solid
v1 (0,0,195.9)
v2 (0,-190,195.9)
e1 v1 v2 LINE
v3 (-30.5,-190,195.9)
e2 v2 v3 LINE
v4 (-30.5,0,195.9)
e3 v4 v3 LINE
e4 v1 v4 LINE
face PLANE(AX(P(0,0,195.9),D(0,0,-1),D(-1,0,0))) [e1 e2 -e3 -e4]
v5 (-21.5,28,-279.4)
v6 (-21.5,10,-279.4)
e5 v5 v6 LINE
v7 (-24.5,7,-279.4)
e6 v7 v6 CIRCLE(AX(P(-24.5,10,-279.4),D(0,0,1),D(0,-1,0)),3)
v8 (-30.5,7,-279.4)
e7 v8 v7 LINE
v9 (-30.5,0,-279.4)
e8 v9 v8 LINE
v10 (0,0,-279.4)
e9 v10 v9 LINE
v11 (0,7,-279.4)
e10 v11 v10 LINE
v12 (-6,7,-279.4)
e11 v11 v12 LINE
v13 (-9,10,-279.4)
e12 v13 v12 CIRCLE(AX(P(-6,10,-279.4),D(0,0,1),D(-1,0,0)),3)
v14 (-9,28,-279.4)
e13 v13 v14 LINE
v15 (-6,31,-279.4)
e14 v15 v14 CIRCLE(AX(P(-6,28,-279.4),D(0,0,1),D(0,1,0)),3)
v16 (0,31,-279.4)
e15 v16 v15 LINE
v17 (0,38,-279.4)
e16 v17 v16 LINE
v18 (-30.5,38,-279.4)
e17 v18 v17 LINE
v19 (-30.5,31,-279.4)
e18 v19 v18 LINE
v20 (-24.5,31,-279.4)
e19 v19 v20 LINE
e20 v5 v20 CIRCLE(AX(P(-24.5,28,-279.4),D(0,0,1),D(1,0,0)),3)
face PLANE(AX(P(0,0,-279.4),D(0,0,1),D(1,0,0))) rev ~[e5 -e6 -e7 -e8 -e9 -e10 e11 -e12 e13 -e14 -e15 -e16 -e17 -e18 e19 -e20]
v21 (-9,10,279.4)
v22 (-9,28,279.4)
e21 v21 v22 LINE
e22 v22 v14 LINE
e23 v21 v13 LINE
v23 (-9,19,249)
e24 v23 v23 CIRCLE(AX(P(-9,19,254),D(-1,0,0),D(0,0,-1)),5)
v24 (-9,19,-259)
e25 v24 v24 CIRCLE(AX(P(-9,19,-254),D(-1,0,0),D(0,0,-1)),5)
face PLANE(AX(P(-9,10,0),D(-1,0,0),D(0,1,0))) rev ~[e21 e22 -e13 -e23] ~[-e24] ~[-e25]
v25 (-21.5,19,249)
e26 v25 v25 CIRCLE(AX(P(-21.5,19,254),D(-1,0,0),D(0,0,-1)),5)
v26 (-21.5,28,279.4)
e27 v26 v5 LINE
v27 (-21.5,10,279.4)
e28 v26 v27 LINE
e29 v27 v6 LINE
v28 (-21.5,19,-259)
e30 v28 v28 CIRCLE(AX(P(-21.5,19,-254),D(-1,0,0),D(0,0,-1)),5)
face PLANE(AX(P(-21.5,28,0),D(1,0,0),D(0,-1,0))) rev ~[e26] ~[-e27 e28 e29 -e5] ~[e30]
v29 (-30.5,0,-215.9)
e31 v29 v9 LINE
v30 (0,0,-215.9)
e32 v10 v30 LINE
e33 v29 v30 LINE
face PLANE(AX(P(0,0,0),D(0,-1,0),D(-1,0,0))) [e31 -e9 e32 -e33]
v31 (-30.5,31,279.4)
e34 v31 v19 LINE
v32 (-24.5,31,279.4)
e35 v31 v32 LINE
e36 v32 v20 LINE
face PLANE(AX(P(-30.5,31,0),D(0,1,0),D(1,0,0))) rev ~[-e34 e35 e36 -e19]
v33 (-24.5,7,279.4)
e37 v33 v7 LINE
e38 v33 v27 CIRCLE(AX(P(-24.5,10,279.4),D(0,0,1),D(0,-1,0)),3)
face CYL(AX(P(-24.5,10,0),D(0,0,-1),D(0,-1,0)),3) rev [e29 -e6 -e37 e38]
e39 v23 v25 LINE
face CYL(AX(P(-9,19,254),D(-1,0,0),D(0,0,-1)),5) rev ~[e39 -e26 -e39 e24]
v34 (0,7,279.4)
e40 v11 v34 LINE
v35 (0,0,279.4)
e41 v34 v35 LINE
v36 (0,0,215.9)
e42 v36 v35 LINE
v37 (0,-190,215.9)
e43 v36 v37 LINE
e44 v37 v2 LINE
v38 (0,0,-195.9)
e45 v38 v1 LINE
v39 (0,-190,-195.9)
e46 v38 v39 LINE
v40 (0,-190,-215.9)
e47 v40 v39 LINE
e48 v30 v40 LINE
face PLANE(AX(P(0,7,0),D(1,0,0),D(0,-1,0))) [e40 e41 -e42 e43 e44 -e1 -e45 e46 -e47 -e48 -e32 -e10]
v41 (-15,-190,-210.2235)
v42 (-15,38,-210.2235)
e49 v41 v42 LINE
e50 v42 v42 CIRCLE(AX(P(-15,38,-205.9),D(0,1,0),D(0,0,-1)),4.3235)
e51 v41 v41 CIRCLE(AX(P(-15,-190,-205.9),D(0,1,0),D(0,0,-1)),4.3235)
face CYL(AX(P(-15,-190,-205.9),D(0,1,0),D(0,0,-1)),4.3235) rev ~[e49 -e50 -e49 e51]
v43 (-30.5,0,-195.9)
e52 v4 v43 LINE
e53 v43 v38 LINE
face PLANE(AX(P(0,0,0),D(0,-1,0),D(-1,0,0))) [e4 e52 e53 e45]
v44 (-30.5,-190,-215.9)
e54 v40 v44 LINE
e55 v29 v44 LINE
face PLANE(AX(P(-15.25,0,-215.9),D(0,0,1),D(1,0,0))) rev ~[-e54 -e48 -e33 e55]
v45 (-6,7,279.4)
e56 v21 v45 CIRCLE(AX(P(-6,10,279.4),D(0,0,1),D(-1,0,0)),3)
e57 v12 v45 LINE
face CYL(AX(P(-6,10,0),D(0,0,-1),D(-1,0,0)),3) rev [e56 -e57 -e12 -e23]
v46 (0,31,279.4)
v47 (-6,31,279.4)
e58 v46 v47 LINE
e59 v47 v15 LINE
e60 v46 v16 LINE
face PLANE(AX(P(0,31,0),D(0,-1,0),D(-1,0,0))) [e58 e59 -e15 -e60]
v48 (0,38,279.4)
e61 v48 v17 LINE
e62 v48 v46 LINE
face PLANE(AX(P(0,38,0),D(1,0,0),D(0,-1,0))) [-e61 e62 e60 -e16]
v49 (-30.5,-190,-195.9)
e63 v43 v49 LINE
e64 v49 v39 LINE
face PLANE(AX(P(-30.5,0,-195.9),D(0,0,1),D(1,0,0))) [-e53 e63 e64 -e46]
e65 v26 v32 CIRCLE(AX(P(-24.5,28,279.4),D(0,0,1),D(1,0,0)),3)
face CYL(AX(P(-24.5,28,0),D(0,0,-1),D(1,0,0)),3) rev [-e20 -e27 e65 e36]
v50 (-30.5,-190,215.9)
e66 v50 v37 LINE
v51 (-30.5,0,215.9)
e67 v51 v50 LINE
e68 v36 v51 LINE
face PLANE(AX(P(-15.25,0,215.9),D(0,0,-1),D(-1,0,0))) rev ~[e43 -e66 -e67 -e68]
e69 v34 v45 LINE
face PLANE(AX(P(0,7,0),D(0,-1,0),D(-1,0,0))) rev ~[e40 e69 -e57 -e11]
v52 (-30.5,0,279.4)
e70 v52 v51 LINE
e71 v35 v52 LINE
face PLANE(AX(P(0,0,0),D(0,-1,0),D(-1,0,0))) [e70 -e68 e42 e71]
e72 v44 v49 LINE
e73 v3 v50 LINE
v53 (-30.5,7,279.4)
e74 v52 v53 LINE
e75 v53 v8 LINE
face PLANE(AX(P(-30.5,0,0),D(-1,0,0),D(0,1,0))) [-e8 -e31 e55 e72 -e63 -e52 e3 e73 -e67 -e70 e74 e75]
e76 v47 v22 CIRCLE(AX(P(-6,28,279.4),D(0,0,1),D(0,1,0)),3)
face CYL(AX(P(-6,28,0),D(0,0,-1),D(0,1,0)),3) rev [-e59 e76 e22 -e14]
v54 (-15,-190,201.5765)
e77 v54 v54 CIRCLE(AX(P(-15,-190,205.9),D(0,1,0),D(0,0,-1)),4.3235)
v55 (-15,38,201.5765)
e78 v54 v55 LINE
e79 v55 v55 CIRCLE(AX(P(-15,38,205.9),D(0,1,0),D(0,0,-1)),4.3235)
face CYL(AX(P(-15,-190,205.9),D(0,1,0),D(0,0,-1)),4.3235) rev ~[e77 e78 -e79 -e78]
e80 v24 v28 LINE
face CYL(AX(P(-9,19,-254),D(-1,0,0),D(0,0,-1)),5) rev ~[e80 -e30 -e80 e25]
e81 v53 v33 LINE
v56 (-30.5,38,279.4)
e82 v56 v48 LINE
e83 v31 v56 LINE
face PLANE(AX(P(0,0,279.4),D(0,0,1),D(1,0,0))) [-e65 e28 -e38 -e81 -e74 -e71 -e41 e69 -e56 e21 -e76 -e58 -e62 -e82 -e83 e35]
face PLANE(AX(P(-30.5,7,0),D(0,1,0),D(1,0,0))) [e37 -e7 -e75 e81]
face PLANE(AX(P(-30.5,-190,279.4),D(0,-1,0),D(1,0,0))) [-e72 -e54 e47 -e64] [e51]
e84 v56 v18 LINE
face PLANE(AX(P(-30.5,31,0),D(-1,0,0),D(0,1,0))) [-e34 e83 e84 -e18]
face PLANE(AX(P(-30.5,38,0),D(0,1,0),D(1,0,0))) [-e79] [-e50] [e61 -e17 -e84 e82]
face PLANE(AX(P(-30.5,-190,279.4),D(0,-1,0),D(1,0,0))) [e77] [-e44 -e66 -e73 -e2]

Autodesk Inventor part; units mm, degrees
ref_plane "YZ Plane" through (0, 0, 0) normal (1, 0, 0) x (0, 1, 0)
ref_plane "XZ Plane" through (0, 0, 0) normal (0, 1, 0) x (-1, 0, 0)
ref_plane "XY Plane" through (0, 0, 0) normal (0, 0, 1) x (1, 0, 0)
sketch "Sketch1" plane through (0, 0, 0) normal (0, 0, 1) x (1, 0, 0)
  line L0 (0, 0) -> (-30.5, 0)
  line L1 (-30.5, 0) -> (-30.5, 38)
  line L2 (-30.5, 38) -> (0, 38)
  line L3 (0, 38) -> (0, 0)
  line L4 (0, 0) -> (0, 7)
  line L5 (0, 38) -> (0, 31)
  line L6 (0, 31) -> (-6, 31)
  line L7 (0, 7) -> (-6, 7)
  line L8 (-9, 10) -> (-9, 28)
  line L9 (-30.5, 38) -> (-30.5, 31)
  line L10 (-30.5, 31) -> (-24.5, 31)
  line L11 (-21.5, 28) -> (-21.5, 10)
  line L12 (-30.5, 0) -> (-30.5, 7)
  line L13 (-30.5, 7) -> (-24.5, 7)
  arc A0 (-6, 31) -> (-9, 28) centre (-6, 28) ccw
  arc A1 (-9, 10) -> (-6, 7) centre (-6, 10) ccw
  arc A2 (-21.5, 28) -> (-24.5, 31) centre (-24.5, 28) ccw
  arc A3 (-24.5, 7) -> (-21.5, 10) centre (-24.5, 10) ccw
  point P0 (-9, 31)
  point P1 (-21.5, 31)
  dimension "d0" = 30.5
  dimension "d1" = 38
  dimension "d2" = 7
  dimension "d3" = 7
  dimension "d4" = 9
  dimension "d6" = 7
  dimension "d7" = 9
  dimension "d8" = 7
  dimension "d9" = 3
  dimension "d11" = 3
extrude "Extrusion1" add sketch "Sketch1" along normal mid plane 558.8 contours L0 L1 L13 A3 L11 A2 L10 L2 L3 L6 A0 L8 A1 L7
hole "Hole1" at (-9, 19, 254) direction (-1, 0, 0) diameter 10 depth 25
sketch "Sketch7" plane through (-9, 10, 279.4) normal (1, 0, 0) x (0, 0, -1)
  line L0 (558.8, 18) -> (558.8, 0) projected
  line L1 (558.8, 18) -> (0, 18) projected
  point P0 (533.4, 9)
  dimension "d23" = 25.4
  dimension "d25" = 9
hole "Hole2" at (-9, 19, -254) direction (-1, 0, 0) diameter 10 depth 25 tip angle 118
sketch "Sketch2" plane through (-30.5, 0, 279.4) normal (0, -1, 0) x (1, 0, 0)
  line L0 (0, 0) -> (30.5, 0) projected
  line L1 (15.25, 0) -> (15.25, -63.5)
  line L2 (15.25, -63.5) -> (0, -63.5)
  line L3 (0, -558.8) -> (0, 0) projected
  line L4 (15.25, -63.5) -> (30.5, -63.5)
  line L5 (30.5, -63.5) -> (30.5, -83.5)
  line L6 (30.5, -558.8) -> (30.5, 0) projected
  line L7 (30.5, -83.5) -> (0, -83.5)
  line L8 (0, -83.5) -> (0, -63.5)
  line L9 (30.5, -558.8) -> (0, -558.8) projected
  line L10 (15.25, -558.8) -> (15.25, -495.3)
  line L11 (15.25, -495.3) -> (30.5, -495.3)
  line L12 (15.25, -495.3) -> (0, -495.3)
  line L13 (0, -495.3) -> (0, -475.3)
  line L14 (0, -475.3) -> (30.5, -475.3)
  line L15 (30.5, -475.3) -> (30.5, -495.3)
  point P0 (30.5, -279.4)
  dimension "d33" = 63.5
  dimension "d34" = 20
  dimension "d35" = 30.5
  dimension "d36" = 63.5
  dimension "d37" = 20
extrude "Extrusion2" add sketch "Sketch2" along normal blind 190 contours L2 L4 L5 L7 L3 | L14 L6 L11 L12 L3
sketch "Sketch5" plane through (-30.5, 38, 279.4) normal (0, 1, 0) x (1, 0, 0)
  point P0 (30.5, 279.4)
sketch "Sketch10" plane through (-30.5, -190, 279.4) normal (0, -1, 0) x (1, 0, 0)
  line L0 (30.5, -495.3) -> (30.5, -475.3) projected
  line L1 (0, -495.3) -> (30.5, -495.3) projected
  point P0 (30.5, -279.4)
  point P1 (15.5, -485.3)
  dimension "d82" = 15
  dimension "d83" = 10
hole "Hole6" at (-15, -190, -205.9) direction (0, 1, 0) diameter 8.647 end through all thread size "M10x1.25" class "6H" standard "ANSI Metric M Profile"
sketch "Sketch11" plane through (-30.5, -190, 279.4) normal (0, -1, 0) x (1, 0, 0)
  line L0 (30.5, -83.5) -> (30.5, -63.5) projected
  line L1 (0, -83.5) -> (30.5, -83.5) projected
  point P0 (30.5, -279.4)
  point P1 (15.5, -73.5)
  dimension "d91" = 15
  dimension "d92" = 10
hole "Hole7" at (-15, -190, 205.9) direction (0, 1, 0) diameter 8.647 end through all thread size "M10x1.25" class "6H" standard "ANSI Metric M Profile"
properties part number "Barra"
